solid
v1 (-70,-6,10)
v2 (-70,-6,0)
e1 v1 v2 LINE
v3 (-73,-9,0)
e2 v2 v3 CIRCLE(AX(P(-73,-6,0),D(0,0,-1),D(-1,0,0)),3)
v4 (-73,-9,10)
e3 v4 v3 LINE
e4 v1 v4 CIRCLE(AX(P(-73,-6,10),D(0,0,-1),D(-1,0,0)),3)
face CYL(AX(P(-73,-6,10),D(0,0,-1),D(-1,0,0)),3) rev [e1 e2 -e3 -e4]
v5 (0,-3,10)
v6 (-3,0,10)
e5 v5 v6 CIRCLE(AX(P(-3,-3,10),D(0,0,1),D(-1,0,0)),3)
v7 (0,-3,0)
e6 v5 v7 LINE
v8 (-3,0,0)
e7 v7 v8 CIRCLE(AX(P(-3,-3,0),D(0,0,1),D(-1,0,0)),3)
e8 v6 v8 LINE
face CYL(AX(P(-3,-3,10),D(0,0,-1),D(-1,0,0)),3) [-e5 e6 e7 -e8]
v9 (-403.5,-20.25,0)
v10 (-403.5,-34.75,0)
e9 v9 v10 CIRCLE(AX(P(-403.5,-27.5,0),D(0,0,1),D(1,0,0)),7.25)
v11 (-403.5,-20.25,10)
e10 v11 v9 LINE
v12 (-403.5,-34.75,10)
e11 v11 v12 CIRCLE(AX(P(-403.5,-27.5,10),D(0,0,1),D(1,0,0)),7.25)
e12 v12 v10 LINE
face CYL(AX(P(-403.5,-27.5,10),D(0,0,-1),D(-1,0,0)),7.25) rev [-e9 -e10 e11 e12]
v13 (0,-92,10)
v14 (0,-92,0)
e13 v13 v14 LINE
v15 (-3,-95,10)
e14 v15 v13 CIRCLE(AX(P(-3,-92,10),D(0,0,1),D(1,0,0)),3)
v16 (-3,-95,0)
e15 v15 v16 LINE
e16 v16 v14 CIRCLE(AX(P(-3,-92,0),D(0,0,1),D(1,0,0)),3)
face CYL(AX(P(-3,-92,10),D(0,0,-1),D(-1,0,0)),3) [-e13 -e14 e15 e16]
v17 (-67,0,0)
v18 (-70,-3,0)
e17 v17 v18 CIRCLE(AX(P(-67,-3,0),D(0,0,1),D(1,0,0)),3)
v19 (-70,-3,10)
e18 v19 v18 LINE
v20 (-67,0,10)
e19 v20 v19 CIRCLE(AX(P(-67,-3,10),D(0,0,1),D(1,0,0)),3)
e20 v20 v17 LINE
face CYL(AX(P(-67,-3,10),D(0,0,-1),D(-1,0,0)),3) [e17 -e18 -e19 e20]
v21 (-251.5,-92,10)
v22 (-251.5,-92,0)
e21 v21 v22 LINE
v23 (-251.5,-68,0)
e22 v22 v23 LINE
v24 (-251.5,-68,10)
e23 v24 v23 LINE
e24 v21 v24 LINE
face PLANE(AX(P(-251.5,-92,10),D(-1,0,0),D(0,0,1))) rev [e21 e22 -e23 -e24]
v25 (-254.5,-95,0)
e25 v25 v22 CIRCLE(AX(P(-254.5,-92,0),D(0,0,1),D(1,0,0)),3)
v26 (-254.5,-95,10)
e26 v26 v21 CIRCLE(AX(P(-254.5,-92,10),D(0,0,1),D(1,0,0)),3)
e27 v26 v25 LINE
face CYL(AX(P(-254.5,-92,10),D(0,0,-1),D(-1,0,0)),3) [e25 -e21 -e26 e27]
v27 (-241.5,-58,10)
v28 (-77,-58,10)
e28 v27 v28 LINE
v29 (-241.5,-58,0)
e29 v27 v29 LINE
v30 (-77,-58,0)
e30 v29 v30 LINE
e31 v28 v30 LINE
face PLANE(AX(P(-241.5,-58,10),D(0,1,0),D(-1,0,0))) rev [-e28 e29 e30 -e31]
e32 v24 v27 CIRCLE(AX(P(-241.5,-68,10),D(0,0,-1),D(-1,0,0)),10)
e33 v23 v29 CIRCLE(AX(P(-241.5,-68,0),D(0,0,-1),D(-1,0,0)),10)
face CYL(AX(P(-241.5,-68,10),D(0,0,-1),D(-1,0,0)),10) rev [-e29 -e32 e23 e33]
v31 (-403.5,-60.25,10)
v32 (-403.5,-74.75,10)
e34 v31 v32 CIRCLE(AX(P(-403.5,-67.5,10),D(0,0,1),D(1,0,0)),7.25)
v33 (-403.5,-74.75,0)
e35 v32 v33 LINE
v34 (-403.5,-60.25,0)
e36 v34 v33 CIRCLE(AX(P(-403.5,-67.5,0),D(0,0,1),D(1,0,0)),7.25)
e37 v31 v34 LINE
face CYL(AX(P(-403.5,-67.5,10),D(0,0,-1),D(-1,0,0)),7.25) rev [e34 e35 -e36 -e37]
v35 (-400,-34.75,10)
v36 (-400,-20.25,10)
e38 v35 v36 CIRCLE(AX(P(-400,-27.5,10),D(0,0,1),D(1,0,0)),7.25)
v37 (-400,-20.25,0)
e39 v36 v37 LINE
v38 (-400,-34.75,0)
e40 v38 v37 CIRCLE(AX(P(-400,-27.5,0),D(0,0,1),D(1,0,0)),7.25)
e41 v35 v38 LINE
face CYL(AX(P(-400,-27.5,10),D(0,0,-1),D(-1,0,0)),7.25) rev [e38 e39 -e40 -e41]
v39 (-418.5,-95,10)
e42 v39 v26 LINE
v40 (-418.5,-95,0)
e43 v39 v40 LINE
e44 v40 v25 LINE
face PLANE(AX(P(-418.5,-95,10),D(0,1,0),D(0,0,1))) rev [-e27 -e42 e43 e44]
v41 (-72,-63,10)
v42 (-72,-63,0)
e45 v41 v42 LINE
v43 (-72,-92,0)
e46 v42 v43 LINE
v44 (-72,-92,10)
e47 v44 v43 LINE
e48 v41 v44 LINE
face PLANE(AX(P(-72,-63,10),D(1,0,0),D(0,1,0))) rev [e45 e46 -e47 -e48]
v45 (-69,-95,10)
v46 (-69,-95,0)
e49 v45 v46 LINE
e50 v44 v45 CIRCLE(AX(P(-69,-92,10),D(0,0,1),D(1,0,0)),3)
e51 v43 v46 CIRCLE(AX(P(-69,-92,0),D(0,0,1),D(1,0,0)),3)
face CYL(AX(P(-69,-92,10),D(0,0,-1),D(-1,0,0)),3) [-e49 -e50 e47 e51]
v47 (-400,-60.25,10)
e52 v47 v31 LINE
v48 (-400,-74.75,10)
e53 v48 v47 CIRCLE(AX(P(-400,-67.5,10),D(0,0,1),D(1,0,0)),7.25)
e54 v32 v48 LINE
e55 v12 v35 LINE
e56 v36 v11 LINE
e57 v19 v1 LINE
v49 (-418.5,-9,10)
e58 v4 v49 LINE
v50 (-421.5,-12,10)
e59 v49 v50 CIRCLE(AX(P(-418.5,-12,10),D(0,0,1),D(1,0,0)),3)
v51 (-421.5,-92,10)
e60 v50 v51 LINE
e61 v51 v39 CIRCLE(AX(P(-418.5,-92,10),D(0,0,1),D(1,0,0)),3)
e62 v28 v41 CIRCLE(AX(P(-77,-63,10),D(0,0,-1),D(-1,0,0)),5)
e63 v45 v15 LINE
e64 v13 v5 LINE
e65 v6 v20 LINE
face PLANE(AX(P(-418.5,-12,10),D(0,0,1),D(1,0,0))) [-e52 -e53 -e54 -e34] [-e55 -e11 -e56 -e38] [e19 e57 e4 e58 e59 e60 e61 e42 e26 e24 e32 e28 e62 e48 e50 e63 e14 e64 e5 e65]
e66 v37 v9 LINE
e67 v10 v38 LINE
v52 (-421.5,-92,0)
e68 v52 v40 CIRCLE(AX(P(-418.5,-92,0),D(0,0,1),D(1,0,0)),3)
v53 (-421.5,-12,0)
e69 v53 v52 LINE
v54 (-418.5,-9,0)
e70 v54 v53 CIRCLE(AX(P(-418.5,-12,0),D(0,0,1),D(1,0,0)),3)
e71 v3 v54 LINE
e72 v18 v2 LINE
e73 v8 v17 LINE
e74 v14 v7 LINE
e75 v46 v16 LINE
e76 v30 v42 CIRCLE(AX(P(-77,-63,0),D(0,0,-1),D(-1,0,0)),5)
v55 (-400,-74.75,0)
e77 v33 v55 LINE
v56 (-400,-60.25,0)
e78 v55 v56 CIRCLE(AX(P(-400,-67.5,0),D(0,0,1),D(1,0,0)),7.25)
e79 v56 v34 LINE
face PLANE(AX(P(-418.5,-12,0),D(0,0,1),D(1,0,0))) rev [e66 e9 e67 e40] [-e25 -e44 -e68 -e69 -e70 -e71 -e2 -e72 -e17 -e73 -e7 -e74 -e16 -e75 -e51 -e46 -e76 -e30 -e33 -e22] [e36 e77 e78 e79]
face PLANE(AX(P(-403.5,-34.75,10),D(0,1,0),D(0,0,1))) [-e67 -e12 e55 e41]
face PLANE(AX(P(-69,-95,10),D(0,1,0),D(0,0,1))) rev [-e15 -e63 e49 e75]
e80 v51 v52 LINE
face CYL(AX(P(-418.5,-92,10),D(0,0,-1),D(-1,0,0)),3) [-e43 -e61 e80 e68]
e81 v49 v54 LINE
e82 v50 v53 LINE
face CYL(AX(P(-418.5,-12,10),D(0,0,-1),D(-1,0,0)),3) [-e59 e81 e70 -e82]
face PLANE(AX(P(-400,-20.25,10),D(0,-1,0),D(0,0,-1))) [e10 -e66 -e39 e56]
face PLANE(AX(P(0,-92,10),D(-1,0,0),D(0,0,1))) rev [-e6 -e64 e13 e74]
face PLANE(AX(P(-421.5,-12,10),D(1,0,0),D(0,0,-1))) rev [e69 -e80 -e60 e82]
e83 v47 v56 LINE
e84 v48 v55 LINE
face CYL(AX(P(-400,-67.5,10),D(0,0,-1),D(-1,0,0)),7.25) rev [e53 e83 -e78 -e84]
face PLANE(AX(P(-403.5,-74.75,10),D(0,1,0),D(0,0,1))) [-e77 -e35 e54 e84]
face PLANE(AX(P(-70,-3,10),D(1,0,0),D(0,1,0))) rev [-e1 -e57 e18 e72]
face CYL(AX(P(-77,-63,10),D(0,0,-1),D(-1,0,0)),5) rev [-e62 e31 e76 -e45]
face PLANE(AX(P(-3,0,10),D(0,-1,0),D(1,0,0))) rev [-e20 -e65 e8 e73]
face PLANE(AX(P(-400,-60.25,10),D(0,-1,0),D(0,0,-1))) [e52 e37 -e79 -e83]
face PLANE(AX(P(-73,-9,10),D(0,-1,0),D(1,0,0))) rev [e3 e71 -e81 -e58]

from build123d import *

# Parameters (mm, degrees)
EXTRUDE1_DEPTH = 10


with BuildPart() as part:
    # Sketch1 → Extrude1 (new body)
    with BuildSketch(Plane.XY):
        with BuildLine():
            Line((-3, 0), (-67, 0))
            ThreePointArc((-67, 0), (-69.121320344, -0.878679656), (-70, -3))
            Line((-70, -3), (-70, -6))
            ThreePointArc((-70, -6), (-70.878679656, -8.121320344), (-73, -9))
            Line((-73, -9), (-418.5, -9))
            ThreePointArc((-418.5, -9), (-420.621320344, -9.878679656), (-421.5, -12))
            Line((-421.5, -12), (-421.5, -92))
            ThreePointArc((-421.5, -92), (-420.621320344, -94.121320344), (-418.5, -95))
            Line((-418.5, -95), (-254.5, -95))
            ThreePointArc((-254.5, -95), (-252.378679656, -94.121320344), (-251.5, -92))
            Line((-251.5, -92), (-251.5, -68))
            ThreePointArc((-251.5, -68), (-248.571067812, -60.928932188), (-241.5, -58))
            Line((-241.5, -58), (-77, -58))
            ThreePointArc((-77, -58), (-73.464466094, -59.464466094), (-72, -63))
            Line((-72, -63), (-72, -92))
            ThreePointArc((-72, -92), (-71.121320344, -94.121320344), (-69, -95))
            Line((-69, -95), (-3, -95))
            ThreePointArc((-3, -95), (-0.878679656, -94.121320344), (0, -92))
            Line((0, -92), (0, -3))
            ThreePointArc((0, -3), (-0.878679656, -0.878679656), (-3, 0))
        make_face()
        with BuildLine():
            Line((-403.5, -74.75), (-400, -74.75))
            ThreePointArc((-400, -74.75), (-392.75, -67.5), (-400, -60.25))
            Line((-400, -60.25), (-403.5, -60.25))
            ThreePointArc((-403.5, -60.25), (-410.75, -67.5), (-403.5, -74.75))
        make_face(mode=Mode.SUBTRACT)
        with BuildLine():
            Line((-403.5, -34.75), (-400, -34.75))
            ThreePointArc((-400, -34.75), (-392.75, -27.5), (-400, -20.25))
            Line((-400, -20.25), (-403.5, -20.25))
            ThreePointArc((-403.5, -20.25), (-410.75, -27.5), (-403.5, -34.75))
        make_face(mode=Mode.SUBTRACT)
    extrude(amount=EXTRUDE1_DEPTH)


solid = part.part
